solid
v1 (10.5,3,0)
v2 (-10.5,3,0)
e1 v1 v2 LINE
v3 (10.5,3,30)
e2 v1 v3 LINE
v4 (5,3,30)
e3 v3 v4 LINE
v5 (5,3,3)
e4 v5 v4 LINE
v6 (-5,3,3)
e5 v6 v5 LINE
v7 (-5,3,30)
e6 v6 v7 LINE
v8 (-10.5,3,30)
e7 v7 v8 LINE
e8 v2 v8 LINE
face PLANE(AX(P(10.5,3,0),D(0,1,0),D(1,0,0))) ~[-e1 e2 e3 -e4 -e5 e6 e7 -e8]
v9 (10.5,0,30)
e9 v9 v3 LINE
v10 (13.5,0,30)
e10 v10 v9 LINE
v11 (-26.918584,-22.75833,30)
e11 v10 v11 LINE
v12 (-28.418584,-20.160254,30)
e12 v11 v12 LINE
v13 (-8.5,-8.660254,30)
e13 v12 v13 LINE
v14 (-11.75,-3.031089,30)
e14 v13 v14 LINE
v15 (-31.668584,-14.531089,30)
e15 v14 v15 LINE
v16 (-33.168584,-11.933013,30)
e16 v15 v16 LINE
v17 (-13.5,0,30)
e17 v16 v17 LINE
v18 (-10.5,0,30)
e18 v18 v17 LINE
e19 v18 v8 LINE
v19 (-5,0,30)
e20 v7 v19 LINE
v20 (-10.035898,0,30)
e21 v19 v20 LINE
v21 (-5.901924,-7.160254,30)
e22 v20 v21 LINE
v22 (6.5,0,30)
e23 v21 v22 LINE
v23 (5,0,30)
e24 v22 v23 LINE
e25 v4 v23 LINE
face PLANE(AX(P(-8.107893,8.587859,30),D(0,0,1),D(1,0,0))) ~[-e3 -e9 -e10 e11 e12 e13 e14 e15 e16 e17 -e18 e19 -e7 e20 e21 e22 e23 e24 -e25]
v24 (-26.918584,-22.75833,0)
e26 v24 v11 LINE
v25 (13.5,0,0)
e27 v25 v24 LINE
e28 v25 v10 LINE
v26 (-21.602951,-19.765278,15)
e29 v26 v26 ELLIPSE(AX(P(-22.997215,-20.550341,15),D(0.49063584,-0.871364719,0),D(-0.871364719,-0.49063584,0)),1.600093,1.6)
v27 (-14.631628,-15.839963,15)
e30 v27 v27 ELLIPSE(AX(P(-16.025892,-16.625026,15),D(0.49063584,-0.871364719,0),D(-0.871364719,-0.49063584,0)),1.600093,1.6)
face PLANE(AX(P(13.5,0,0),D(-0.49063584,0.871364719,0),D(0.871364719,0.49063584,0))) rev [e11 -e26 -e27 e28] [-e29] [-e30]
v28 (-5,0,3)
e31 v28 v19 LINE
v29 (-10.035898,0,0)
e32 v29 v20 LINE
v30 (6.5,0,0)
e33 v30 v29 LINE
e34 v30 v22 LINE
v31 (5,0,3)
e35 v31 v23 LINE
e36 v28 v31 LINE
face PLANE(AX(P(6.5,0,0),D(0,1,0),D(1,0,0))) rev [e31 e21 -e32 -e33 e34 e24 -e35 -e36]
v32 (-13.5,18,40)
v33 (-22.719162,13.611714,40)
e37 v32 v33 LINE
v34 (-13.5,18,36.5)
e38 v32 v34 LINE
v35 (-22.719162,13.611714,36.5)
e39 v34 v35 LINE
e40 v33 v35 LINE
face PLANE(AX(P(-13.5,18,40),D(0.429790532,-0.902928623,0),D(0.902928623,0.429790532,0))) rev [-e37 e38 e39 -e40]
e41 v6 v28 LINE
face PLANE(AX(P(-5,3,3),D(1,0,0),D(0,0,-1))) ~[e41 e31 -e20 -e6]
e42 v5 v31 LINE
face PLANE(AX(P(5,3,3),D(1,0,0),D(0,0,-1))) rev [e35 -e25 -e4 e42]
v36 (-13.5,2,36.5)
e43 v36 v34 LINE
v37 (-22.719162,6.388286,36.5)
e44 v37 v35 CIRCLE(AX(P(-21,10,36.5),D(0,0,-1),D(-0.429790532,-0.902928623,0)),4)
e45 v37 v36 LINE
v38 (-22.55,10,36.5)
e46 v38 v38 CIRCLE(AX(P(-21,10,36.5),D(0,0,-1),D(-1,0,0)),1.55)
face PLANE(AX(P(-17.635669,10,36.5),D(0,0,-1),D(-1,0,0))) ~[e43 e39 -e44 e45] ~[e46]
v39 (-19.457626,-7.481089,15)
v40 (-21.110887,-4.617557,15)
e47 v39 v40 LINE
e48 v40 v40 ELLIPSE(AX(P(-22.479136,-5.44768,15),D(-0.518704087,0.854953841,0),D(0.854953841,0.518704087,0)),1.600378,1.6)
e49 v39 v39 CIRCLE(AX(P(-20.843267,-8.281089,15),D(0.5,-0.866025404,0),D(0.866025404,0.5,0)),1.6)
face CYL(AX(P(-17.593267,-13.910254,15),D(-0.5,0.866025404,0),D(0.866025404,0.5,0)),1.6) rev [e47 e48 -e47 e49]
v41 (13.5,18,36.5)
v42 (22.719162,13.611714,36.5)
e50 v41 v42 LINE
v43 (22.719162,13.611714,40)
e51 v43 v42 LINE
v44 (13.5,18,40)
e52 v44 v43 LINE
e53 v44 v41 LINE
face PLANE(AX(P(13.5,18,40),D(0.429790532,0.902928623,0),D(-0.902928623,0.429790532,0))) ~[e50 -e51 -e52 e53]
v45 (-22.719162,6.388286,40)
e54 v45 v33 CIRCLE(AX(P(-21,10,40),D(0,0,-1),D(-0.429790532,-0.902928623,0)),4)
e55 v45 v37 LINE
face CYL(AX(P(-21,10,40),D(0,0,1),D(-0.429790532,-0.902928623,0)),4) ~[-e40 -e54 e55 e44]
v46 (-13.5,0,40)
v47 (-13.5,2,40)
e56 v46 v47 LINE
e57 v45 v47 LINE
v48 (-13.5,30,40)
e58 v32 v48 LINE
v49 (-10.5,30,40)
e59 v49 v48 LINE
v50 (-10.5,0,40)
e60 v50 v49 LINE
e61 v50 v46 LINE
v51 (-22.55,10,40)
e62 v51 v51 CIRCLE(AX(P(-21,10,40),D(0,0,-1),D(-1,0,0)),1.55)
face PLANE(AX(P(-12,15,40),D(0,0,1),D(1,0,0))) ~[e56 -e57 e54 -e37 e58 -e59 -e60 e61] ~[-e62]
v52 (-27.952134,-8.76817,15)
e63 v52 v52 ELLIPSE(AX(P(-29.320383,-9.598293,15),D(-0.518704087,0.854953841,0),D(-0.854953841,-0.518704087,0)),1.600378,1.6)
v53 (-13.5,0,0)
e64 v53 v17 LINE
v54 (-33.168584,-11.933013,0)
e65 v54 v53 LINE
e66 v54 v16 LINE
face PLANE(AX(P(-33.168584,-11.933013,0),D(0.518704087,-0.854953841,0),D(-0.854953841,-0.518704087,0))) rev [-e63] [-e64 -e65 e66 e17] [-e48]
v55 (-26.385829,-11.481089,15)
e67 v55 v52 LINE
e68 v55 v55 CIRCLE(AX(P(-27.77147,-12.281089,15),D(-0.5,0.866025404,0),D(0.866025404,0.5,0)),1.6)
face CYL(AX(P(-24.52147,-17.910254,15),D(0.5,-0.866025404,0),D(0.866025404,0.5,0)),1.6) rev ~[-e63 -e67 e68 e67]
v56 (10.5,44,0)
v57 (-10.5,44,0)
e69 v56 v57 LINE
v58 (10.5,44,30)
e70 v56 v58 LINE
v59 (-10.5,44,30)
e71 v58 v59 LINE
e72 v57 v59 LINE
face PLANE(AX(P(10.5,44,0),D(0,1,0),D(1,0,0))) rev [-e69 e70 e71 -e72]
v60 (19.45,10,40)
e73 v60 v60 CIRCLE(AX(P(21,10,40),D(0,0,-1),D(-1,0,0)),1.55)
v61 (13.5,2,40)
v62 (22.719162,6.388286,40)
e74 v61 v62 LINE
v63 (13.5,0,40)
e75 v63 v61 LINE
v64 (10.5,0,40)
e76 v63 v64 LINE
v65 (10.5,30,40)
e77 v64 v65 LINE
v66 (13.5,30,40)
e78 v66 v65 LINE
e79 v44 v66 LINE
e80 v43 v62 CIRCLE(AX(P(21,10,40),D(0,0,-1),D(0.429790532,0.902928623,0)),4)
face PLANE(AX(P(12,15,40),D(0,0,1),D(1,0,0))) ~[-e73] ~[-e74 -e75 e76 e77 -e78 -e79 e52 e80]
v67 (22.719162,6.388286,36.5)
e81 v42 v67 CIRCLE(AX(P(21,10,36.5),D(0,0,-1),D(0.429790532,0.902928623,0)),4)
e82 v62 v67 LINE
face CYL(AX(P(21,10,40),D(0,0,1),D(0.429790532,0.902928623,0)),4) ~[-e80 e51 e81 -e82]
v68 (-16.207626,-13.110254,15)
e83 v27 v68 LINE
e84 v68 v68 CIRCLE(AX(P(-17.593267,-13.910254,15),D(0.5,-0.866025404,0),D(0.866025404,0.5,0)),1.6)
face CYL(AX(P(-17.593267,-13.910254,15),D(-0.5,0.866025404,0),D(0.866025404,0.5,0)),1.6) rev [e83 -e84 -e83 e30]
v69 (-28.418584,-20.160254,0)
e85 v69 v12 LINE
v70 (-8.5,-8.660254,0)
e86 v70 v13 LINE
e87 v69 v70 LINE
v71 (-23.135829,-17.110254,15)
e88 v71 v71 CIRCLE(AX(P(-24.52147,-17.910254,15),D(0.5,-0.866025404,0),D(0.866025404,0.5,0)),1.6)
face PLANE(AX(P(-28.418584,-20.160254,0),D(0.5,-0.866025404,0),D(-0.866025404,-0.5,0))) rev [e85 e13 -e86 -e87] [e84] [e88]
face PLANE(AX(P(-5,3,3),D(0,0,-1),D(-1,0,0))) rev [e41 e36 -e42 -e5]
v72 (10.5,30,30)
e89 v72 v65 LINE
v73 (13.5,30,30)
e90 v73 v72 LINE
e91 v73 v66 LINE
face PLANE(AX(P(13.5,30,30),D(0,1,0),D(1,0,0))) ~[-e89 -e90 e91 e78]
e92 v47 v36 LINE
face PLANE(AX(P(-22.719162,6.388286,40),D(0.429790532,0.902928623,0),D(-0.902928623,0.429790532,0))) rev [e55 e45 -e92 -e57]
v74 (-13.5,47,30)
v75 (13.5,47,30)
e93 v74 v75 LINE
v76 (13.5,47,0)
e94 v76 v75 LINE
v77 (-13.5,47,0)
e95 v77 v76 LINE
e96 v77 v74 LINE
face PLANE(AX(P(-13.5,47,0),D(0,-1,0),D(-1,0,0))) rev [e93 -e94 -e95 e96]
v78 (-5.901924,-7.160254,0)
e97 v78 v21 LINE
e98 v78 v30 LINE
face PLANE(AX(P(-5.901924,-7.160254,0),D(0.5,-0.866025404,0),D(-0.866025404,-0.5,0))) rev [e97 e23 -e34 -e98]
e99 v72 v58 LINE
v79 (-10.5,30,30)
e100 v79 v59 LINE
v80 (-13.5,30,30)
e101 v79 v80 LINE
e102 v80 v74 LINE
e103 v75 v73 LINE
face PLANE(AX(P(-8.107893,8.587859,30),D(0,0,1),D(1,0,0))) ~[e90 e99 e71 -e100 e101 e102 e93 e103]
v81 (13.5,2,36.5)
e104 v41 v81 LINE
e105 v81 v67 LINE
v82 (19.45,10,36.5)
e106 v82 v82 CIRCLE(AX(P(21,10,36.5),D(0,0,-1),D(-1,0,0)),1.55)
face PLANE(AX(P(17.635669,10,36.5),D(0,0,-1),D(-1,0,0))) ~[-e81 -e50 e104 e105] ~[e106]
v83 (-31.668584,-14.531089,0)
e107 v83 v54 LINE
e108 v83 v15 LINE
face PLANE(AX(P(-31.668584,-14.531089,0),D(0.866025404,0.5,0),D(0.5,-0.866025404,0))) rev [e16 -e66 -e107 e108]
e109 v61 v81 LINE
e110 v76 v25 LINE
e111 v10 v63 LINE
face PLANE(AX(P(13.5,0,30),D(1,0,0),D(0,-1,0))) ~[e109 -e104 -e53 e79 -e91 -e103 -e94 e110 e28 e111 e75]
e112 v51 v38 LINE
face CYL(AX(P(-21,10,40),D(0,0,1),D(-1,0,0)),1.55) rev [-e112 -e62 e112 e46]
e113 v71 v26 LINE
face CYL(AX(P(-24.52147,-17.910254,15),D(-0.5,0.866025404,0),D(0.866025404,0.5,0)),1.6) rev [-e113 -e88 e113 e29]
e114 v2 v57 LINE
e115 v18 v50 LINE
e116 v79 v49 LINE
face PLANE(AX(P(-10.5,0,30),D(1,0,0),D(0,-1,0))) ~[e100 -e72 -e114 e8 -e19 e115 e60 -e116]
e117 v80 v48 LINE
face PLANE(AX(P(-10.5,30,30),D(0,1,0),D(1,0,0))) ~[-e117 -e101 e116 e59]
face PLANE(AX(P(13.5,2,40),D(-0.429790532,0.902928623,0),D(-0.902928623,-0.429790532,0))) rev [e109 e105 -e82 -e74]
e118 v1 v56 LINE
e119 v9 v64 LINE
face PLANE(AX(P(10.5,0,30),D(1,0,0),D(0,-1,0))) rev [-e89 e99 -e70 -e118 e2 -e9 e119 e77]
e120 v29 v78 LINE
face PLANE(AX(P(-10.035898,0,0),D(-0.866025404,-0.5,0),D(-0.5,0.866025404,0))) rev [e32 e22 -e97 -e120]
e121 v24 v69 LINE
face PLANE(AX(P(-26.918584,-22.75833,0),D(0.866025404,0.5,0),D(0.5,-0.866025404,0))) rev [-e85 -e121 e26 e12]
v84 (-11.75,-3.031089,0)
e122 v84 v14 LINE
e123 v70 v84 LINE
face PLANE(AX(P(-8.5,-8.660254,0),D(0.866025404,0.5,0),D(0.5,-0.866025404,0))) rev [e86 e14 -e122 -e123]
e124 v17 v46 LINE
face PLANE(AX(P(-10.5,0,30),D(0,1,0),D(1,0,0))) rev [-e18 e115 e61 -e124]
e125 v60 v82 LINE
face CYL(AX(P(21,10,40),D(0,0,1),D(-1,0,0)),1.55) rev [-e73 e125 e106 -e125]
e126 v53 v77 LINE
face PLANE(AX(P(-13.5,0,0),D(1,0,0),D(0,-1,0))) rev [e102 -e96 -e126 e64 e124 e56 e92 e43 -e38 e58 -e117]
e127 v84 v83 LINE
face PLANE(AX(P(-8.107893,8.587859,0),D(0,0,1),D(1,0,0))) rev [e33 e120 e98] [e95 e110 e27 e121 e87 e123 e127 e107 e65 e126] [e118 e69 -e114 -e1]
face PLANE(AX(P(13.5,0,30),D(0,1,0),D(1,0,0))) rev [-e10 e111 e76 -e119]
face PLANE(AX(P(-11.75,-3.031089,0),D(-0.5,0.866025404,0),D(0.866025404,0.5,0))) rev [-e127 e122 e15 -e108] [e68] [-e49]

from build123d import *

# Parameters (mm, degrees)
SKETCH_W        = 21
SKETCH_H        = 41
PAD_DEPTH       = 30
SKETCH001_W     = 10
SKETCH001_H     = 27
POCKET_DEPTH    = 3.1
SKETCH002_R     = 1.6
POCKET001_DEPTH = 12.5
SKETCH003_W     = 3
SKETCH003_H     = 30
PAD001_DEPTH    = 10
SKETCH004_R     = 1.55
PAD002_DEPTH    = 3.5


with BuildPart() as body:
    # Sketch → Pad (new body)
    with BuildSketch(Plane.XY):
        Polygon((13.5, 0), (13.5, 47), (-13.5, 47), (-13.5, 0), (26.918584287, -22.7583302492), (28.418584287, -20.1602540378), (8.5, -8.6602540378), (11.75, -3.0310889132), (31.668584287, -14.5310889132), (33.168584287, -11.9330127019), align=None)
        with Locations((0, 23.5)):
            Rectangle(SKETCH_W, SKETCH_H, mode=Mode.SUBTRACT)
        Polygon((-6.5, 0), (10.0358983849, 0), (5.9019237886, -7.1602540378), align=None, mode=Mode.SUBTRACT)
    extrude(amount=PAD_DEPTH)

    # Sketch001 (on Face11 of Pad) → Pocket (cut)
    with BuildSketch(Plane(origin=(0, 3, 0), x_dir=(-1, 0, 0), z_dir=(0, 1, 0))):
        with Locations((0, 16.5)):
            Rectangle(SKETCH001_W, SKETCH001_H)
    extrude(amount=-POCKET_DEPTH, mode=Mode.SUBTRACT)

    # Sketch002 (on Face10 of Pocket) → Pocket001 (cut, symmetric)
    with BuildSketch(Plane(origin=(-1.625, -2.8145825623, 0), x_dir=(-0.8660254038, 0.5, 0), z_dir=(0.5, 0.8660254038, 0))):
        with Locations((-30.1913429511, 15)):
            Circle(SKETCH002_R)
        with Locations((-22.1913429511, 15)):
            Circle(SKETCH002_R)
    extrude(amount=POCKET001_DEPTH, both=True, mode=Mode.SUBTRACT)

    # Sketch003 (on Face5 of Pocket001) → Pad001 (join)
    with BuildSketch(Plane.XY.offset(30)):
        with Locations((-12, 15)):
            Rectangle(SKETCH003_W, SKETCH003_H)
        with Locations((12, 15)):
            Rectangle(SKETCH003_W, SKETCH003_H)
    extrude(amount=PAD001_DEPTH)

    # Sketch004 (on Face26 of Pad001) → Pad002 (join)
    with BuildSketch(Plane.XY.offset(40)):
        with BuildLine():
            Line((-13.5, 18), (-13.5, 2))
            Line((-13.5, 2), (-22.7191621265, 6.3882855064))
            ThreePointArc((-22.7191621265, 13.6117144936), (-25, 10), (-22.7191621265, 6.3882855064))
            Line((-13.5, 18), (-22.7191621265, 13.6117144936))
        make_face()
        with Locations((-21, 10)):
            Circle(SKETCH004_R, mode=Mode.SUBTRACT)
        with BuildLine():
            Line((22.7191621265, 6.3882855064), (13.5, 2))
            Line((13.5, 2), (13.5, 18))
            Line((13.5, 18), (22.7191621265, 13.6117144936))
            ThreePointArc((22.7191621265, 6.3882855064), (25, 10), (22.7191621265, 13.6117144936))
        make_face()
        with Locations((21, 10)):
            Circle(SKETCH004_R, mode=Mode.SUBTRACT)
    extrude(amount=-PAD002_DEPTH)


with BuildPart() as part_mirroring:
    # Part__Mirroring: instance of Body
    add(body.part.mirror(Plane(origin=(0, 0, 0), x_dir=(0, -1, 0), z_dir=(1, 0, 0))))


solid = part_mirroring.part
